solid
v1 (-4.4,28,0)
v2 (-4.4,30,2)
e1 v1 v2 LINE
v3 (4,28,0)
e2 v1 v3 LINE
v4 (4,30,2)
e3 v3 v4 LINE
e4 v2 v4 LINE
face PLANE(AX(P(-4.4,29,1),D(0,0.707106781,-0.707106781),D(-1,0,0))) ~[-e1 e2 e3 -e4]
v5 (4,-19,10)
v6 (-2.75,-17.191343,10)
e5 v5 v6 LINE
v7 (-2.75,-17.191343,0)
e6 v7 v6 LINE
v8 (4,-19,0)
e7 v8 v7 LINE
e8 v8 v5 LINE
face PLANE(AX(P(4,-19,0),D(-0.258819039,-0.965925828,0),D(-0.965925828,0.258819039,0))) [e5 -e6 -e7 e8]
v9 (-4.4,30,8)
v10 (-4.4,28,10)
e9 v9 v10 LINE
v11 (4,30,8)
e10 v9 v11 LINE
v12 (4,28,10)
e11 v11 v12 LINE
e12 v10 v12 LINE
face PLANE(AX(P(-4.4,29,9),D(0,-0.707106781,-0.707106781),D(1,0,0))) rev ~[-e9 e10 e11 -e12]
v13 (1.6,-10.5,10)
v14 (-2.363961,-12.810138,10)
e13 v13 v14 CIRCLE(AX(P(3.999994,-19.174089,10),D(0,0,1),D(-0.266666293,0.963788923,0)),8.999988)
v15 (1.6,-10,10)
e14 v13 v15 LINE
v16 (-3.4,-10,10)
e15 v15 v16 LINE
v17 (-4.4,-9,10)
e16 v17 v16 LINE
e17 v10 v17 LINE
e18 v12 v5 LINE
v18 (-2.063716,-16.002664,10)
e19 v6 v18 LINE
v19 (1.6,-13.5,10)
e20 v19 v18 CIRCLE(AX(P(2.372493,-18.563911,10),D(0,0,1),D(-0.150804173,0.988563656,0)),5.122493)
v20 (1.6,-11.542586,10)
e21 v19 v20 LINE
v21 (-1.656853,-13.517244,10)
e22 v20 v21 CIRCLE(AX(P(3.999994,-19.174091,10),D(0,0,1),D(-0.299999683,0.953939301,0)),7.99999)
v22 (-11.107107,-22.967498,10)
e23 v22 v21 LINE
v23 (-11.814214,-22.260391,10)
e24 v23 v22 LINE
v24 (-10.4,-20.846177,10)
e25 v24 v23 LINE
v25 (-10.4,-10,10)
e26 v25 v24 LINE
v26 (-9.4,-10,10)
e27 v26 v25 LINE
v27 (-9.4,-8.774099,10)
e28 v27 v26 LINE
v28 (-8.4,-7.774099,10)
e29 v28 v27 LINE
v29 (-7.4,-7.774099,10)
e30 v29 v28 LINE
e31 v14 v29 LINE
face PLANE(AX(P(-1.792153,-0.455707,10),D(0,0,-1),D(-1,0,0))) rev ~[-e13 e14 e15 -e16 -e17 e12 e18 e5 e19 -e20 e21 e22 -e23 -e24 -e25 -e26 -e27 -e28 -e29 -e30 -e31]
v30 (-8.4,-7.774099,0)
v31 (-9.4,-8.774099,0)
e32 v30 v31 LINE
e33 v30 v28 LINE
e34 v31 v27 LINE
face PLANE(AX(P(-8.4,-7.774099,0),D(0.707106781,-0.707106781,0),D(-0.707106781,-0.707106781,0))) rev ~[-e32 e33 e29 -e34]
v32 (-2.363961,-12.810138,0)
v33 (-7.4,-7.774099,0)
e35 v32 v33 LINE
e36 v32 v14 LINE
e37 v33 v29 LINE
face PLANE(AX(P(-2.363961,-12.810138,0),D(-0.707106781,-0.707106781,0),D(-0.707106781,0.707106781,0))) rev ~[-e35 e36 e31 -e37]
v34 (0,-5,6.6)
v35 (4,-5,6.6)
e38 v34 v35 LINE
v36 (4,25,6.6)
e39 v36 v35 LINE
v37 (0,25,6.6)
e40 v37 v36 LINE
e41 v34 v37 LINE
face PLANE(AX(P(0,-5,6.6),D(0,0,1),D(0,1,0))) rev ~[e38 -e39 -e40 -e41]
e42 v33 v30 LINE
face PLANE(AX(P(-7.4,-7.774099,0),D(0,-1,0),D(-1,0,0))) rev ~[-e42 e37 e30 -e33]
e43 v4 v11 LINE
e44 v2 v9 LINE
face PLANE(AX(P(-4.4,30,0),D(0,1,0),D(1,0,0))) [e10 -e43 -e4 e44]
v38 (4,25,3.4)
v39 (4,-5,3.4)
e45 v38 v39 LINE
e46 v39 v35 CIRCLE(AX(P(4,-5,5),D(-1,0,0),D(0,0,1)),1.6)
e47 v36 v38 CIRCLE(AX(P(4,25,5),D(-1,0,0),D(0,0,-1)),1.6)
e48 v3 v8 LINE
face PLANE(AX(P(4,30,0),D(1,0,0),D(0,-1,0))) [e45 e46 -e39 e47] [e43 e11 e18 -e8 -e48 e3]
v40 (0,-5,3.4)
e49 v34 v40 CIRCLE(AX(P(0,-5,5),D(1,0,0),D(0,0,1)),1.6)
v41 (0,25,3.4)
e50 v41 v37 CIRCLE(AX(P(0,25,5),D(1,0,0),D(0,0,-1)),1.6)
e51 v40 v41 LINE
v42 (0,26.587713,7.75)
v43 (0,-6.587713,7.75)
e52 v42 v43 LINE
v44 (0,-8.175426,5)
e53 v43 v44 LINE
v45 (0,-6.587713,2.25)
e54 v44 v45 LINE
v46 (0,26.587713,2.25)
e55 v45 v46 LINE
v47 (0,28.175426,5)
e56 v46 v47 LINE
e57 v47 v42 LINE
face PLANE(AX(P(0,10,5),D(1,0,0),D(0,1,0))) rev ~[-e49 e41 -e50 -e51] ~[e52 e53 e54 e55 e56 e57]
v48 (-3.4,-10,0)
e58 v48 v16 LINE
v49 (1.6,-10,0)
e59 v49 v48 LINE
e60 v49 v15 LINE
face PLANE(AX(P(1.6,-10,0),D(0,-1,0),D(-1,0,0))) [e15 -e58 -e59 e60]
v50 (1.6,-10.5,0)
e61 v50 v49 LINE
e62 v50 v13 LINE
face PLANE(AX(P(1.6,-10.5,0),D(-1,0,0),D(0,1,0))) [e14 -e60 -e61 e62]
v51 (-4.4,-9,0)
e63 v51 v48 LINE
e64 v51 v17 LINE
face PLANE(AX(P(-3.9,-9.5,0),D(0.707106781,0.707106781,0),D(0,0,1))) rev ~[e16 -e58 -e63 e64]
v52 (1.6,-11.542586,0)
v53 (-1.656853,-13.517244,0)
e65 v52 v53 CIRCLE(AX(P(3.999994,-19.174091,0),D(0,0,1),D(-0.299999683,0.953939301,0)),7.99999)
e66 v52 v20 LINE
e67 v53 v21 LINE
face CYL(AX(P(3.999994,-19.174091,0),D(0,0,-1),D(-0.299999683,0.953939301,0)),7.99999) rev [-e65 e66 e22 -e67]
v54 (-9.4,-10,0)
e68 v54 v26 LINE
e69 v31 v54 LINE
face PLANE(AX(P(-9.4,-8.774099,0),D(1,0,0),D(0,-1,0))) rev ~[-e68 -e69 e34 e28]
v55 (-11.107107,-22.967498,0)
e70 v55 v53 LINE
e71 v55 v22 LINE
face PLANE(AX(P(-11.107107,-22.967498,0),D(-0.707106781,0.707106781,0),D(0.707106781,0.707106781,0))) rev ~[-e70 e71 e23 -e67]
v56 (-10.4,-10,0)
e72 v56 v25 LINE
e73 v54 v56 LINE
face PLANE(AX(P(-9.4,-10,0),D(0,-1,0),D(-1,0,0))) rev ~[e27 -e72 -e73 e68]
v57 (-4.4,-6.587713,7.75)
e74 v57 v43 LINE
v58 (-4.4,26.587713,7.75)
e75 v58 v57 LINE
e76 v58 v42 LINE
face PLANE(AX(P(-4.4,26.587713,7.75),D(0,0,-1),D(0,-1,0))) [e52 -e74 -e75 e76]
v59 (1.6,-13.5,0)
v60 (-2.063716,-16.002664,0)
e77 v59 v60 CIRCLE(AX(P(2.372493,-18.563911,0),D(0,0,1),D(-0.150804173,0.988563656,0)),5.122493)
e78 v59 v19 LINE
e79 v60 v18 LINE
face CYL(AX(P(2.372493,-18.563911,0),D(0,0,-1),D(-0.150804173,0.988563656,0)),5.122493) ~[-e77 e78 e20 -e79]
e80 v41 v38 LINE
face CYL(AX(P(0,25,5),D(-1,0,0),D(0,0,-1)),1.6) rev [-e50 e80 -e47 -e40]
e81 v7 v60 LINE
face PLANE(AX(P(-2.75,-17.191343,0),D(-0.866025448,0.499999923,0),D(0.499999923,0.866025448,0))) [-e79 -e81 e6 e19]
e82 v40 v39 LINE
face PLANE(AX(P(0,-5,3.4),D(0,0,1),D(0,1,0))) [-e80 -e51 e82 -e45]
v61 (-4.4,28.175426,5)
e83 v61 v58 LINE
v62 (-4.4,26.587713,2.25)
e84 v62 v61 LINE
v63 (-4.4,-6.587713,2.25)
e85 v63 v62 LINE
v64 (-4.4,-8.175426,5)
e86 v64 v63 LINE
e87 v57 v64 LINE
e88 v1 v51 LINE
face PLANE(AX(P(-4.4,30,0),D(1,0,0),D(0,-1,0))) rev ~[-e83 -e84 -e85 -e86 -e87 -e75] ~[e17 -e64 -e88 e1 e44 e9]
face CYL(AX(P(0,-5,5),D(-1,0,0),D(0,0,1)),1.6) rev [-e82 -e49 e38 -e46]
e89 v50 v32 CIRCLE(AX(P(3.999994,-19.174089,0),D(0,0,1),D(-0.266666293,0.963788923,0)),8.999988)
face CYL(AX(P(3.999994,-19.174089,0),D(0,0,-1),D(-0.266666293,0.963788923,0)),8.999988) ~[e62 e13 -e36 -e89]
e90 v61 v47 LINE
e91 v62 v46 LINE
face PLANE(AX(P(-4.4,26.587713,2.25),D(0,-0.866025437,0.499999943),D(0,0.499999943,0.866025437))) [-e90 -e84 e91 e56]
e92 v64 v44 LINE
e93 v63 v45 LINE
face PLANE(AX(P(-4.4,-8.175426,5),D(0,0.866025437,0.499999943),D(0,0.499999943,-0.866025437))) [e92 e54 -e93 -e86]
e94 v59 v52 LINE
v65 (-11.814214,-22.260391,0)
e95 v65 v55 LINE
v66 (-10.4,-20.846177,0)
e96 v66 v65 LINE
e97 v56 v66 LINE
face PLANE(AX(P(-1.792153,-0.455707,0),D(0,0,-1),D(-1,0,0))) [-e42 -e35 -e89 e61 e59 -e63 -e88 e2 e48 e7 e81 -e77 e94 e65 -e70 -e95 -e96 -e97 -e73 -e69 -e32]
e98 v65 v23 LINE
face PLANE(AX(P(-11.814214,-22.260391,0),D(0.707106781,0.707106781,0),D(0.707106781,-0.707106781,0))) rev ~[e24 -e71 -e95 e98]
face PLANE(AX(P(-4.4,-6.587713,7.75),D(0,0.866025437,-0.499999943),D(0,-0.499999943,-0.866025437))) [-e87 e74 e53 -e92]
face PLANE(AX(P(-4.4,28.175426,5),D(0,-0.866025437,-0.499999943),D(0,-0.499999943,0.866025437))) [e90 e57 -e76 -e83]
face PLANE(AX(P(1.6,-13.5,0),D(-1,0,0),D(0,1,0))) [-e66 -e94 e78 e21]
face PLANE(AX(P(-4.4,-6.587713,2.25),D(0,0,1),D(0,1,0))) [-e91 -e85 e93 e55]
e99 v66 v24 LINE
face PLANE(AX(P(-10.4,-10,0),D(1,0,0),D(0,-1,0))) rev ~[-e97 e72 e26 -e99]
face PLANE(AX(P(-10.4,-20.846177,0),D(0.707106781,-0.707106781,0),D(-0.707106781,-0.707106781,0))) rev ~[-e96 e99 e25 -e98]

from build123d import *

# Parameters (mm, degrees)
PAD_DEPTH       = 10
POCKET_DEPTH    = 5
CHAMFER_SIZE    = 1
POCKET001_DEPTH = 4.4
CHAMFER001_SIZE = 2


with BuildPart() as part:
    # Sketch → Pad (new body)
    with BuildSketch(Plane.XY):
        with BuildLine():
            Line((0, 30), (4, 30))
            Line((4, 30), (4, 0))
            Line((4, 0), (4, -19))
            Line((4, -19), (-2.75, -17.191343))
            Line((-2.75, -17.191343), (-2.063716, -16.002664))
            ThreePointArc((1.6, -13.5), (-0.51688, -14.334081), (-2.063716, -16.002664))
            Line((1.6, -13.5), (1.6, -11.542586))
            ThreePointArc((1.6, -11.542586), (-0.147655, -12.333269), (-1.656853, -13.517244))
            Line((-11.107107, -22.967498), (-1.656853, -13.517244))
            Line((-11.814214, -22.260391), (-11.107107, -22.967498))
            Line((-10.4, -20.846177), (-11.814214, -22.260391))
            Line((-10.4, -10), (-10.4, -20.846177))
            Line((-9.4, -10), (-10.4, -10))
            Line((-9.4, -8.774099), (-9.4, -10))
            Line((-8.4, -7.774099), (-9.4, -8.774099))
            Line((-7.4, -7.774099), (-8.4, -7.774099))
            Line((-2.363961, -12.810138), (-7.4, -7.774099))
            ThreePointArc((1.6, -10.5), (-0.53166, -11.398235), (-2.363961, -12.810138))
            Line((1.6, -10.5), (1.6, -10))
            Line((1.6, -10), (-4.4, -10))
            Line((-4.4, 0), (-4.4, -10))
            Line((-4.4, 0), (-4.4, 30))
            Line((-4.4, 30), (0, 30))
        make_face()
    extrude(amount=PAD_DEPTH)

    # Sketch001 → Pocket (cut)
    with BuildSketch(Plane.YZ):
        with BuildLine():
            ThreePointArc((-5, 6.6), (-6.6, 5), (-5, 3.4))
            Line((-5, 3.4), (25, 3.4))
            ThreePointArc((25, 3.4), (26.6, 5), (25, 6.6))
            Line((-5, 6.6), (25, 6.6))
        make_face()
    extrude(amount=POCKET_DEPTH, mode=Mode.SUBTRACT)

    # Chamfer
    chamfer_edges = [part.edges().sort_by_distance(p)[0] for p in [
        (-4.4, -10, 5),
    ]]
    chamfer(chamfer_edges, length=CHAMFER_SIZE)

    # Sketch002 (on DatumPlane) → Pocket001 (cut)
    with BuildSketch(Plane(origin=(-4.4, 0, 0), x_dir=(0, -1, 0), z_dir=(-1, 0, 0))):
        Polygon((6.587713, 7.75), (8.175426, 5), (6.587713, 2.25), (-26.587713, 2.25), (-28.175426, 5), (-26.587713, 7.75), align=None)
    extrude(amount=-POCKET001_DEPTH, mode=Mode.SUBTRACT)

    # Chamfer001
    chamfer001_edges = [part.edges().sort_by_distance(p)[0] for p in [
        (-2.2, 30, 10),
        (-2.2, 30, 0),
    ]]
    chamfer(chamfer001_edges, length=CHAMFER001_SIZE)


solid = part.part
